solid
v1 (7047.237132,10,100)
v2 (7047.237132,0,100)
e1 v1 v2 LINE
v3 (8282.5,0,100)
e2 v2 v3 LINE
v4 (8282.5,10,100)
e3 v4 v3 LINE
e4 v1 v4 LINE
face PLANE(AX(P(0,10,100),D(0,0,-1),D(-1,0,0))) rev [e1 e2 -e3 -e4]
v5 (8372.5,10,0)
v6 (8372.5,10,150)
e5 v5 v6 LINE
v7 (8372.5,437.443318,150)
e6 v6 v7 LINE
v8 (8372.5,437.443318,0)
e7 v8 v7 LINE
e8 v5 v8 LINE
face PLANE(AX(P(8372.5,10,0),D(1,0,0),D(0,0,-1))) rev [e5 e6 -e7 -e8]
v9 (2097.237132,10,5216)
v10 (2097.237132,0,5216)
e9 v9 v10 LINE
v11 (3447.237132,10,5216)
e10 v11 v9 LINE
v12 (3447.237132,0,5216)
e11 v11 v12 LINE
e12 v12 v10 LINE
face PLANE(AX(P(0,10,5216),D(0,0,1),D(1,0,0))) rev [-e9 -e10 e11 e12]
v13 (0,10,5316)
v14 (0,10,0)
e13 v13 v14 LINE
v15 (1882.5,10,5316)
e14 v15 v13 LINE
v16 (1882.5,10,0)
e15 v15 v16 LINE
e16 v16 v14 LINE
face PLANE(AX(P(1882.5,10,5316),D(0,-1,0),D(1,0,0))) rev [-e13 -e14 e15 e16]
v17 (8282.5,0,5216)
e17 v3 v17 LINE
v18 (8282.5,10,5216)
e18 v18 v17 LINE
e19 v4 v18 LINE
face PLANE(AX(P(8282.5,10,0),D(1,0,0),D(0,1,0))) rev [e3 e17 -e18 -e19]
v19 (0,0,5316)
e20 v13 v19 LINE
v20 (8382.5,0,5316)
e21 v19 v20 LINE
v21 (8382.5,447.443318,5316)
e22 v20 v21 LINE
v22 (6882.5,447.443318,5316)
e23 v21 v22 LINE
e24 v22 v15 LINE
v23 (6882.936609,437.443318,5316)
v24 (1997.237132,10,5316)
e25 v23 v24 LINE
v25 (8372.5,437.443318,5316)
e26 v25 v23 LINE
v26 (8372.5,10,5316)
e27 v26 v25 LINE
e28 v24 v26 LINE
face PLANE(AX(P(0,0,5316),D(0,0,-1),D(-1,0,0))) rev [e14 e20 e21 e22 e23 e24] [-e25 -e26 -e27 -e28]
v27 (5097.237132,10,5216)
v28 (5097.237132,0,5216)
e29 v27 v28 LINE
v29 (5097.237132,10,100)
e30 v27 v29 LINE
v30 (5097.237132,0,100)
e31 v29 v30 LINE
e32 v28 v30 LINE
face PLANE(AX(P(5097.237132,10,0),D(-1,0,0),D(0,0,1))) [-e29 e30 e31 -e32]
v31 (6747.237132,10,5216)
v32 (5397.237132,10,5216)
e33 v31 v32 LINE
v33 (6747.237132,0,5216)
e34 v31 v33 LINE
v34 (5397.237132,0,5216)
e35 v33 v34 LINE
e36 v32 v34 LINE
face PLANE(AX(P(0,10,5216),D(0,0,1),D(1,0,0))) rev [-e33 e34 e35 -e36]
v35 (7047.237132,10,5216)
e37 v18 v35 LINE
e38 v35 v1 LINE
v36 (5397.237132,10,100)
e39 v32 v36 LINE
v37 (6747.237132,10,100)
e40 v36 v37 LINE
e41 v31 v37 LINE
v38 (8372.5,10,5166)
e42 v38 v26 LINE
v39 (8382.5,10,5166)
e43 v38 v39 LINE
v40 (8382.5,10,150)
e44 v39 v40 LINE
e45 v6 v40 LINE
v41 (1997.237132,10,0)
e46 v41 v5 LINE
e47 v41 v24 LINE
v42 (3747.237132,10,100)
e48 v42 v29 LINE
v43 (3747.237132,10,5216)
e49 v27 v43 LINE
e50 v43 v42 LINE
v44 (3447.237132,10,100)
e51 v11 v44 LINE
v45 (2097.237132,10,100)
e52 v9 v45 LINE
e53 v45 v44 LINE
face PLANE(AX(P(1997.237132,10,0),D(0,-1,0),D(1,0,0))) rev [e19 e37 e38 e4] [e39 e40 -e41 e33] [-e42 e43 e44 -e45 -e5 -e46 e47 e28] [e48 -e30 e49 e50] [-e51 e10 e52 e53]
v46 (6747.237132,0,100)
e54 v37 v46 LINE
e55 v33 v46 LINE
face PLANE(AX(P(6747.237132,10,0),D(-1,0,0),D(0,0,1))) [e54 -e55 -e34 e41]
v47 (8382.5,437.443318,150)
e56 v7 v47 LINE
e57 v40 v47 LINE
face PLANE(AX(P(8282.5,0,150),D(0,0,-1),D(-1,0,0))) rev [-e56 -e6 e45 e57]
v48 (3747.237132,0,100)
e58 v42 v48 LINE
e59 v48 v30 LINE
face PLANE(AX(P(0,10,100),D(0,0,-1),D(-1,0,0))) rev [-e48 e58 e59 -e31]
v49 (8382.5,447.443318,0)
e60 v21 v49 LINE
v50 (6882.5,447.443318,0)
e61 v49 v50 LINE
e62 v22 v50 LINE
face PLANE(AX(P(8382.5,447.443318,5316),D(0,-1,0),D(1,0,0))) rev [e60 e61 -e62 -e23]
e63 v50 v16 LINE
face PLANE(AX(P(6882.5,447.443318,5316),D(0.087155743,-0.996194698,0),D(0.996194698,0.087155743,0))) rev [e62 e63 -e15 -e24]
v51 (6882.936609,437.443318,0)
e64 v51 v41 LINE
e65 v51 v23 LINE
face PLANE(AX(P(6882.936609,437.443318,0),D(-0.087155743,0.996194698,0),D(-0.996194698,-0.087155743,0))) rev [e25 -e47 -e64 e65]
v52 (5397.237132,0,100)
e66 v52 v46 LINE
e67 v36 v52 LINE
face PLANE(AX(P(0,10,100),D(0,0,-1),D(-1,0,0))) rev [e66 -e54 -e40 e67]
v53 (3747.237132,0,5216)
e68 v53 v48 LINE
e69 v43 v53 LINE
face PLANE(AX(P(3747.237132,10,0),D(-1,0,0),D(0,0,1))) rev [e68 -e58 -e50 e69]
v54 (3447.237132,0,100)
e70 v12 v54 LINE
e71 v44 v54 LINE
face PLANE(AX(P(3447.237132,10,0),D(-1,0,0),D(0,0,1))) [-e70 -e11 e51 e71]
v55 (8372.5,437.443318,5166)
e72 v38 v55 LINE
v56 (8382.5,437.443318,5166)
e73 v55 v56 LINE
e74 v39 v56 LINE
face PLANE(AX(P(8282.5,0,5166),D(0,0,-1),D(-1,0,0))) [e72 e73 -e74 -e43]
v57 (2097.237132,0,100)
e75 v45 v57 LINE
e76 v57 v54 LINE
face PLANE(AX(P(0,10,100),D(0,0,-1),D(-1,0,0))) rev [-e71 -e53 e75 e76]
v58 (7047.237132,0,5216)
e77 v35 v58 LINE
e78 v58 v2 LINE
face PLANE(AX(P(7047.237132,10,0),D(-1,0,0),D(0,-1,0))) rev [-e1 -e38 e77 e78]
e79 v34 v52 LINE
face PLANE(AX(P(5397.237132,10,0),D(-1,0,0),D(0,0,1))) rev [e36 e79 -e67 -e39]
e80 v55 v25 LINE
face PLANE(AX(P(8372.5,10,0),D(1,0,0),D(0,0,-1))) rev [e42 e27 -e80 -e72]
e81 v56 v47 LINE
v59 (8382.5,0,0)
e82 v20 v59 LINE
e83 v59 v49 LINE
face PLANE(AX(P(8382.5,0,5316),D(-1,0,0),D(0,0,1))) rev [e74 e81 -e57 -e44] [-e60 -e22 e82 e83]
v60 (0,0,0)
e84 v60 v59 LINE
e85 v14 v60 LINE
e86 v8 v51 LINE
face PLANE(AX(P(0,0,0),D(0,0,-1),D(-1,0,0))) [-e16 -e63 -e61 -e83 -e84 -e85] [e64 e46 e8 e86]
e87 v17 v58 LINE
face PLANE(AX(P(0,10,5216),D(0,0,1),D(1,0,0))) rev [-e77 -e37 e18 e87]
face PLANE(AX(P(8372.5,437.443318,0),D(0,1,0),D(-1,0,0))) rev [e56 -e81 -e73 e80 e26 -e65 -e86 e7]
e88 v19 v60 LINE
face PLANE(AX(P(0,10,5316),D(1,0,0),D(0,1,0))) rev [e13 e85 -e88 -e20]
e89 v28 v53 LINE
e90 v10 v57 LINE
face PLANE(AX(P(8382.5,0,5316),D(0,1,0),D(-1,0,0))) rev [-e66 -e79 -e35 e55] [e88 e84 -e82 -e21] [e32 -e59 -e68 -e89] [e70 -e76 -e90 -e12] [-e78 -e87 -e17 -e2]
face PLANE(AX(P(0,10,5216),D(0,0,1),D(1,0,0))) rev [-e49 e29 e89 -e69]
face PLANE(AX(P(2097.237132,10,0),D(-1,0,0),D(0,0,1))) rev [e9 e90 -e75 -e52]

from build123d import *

# Parameters (mm, degrees)
BOSS_EXTRUDE1_DEPTH = 5316
CUT_EXTRUDE1_DEPTH  = 9937.114319617
SKETCH3_W           = 1350
SKETCH3_H           = 5116
SKETCH3_W_2         = 1235.262867543
CUT_EXTRUDE2_DEPTH  = 10
SKETCH5_W           = 5016
SKETCH5_H           = 427.44331763
CUT_EXTRUDE4_DEPTH  = 100


with BuildPart() as part:
    # Sketch1 → Boss-Extrude1 (new body)
    with BuildSketch(Plane.XY):
        Polygon((6882.5, 447.44331763), (1882.5, 10), (0, 10), (0, 0), (8382.5, 0), (8382.5, 447.44331763), align=None)
    extrude(amount=BOSS_EXTRUDE1_DEPTH)

    # Sketch2 → Cut-Extrude1 (cut, through all)
    with BuildSketch(Plane.XY.offset(5316)):
        Polygon((8372.5, 10), (8372.5, 437.44331763), (6882.936609429, 437.44331763), (1997.237132457, 10), align=None)
    extrude(amount=-CUT_EXTRUDE1_DEPTH, mode=Mode.SUBTRACT)

    # Sketch3 → Cut-Extrude2 (cut)
    with BuildSketch(Plane.XZ):
        with Locations((4422.237132457, 2658)):
            Rectangle(SKETCH3_W, SKETCH3_H)
        with Locations((6072.237132457, 2658)):
            Rectangle(SKETCH3_W, SKETCH3_H)
        with Locations((2772.237132457, 2658)):
            Rectangle(SKETCH3_W, SKETCH3_H)
        with Locations((7664.868566229, 2658)):
            Rectangle(SKETCH3_W_2, SKETCH3_H)
    extrude(amount=-CUT_EXTRUDE2_DEPTH, mode=Mode.SUBTRACT)

    # Sketch5 → Cut-Extrude4 (cut)
    with BuildSketch(Plane(origin=(8382.5, 0, 0), x_dir=(0, 0, -1), z_dir=(1, 0, 0))):
        with Locations((-2658, 223.721658815)):
            Rectangle(SKETCH5_W, SKETCH5_H)
    extrude(amount=-CUT_EXTRUDE4_DEPTH, mode=Mode.SUBTRACT)


solid = part.part
